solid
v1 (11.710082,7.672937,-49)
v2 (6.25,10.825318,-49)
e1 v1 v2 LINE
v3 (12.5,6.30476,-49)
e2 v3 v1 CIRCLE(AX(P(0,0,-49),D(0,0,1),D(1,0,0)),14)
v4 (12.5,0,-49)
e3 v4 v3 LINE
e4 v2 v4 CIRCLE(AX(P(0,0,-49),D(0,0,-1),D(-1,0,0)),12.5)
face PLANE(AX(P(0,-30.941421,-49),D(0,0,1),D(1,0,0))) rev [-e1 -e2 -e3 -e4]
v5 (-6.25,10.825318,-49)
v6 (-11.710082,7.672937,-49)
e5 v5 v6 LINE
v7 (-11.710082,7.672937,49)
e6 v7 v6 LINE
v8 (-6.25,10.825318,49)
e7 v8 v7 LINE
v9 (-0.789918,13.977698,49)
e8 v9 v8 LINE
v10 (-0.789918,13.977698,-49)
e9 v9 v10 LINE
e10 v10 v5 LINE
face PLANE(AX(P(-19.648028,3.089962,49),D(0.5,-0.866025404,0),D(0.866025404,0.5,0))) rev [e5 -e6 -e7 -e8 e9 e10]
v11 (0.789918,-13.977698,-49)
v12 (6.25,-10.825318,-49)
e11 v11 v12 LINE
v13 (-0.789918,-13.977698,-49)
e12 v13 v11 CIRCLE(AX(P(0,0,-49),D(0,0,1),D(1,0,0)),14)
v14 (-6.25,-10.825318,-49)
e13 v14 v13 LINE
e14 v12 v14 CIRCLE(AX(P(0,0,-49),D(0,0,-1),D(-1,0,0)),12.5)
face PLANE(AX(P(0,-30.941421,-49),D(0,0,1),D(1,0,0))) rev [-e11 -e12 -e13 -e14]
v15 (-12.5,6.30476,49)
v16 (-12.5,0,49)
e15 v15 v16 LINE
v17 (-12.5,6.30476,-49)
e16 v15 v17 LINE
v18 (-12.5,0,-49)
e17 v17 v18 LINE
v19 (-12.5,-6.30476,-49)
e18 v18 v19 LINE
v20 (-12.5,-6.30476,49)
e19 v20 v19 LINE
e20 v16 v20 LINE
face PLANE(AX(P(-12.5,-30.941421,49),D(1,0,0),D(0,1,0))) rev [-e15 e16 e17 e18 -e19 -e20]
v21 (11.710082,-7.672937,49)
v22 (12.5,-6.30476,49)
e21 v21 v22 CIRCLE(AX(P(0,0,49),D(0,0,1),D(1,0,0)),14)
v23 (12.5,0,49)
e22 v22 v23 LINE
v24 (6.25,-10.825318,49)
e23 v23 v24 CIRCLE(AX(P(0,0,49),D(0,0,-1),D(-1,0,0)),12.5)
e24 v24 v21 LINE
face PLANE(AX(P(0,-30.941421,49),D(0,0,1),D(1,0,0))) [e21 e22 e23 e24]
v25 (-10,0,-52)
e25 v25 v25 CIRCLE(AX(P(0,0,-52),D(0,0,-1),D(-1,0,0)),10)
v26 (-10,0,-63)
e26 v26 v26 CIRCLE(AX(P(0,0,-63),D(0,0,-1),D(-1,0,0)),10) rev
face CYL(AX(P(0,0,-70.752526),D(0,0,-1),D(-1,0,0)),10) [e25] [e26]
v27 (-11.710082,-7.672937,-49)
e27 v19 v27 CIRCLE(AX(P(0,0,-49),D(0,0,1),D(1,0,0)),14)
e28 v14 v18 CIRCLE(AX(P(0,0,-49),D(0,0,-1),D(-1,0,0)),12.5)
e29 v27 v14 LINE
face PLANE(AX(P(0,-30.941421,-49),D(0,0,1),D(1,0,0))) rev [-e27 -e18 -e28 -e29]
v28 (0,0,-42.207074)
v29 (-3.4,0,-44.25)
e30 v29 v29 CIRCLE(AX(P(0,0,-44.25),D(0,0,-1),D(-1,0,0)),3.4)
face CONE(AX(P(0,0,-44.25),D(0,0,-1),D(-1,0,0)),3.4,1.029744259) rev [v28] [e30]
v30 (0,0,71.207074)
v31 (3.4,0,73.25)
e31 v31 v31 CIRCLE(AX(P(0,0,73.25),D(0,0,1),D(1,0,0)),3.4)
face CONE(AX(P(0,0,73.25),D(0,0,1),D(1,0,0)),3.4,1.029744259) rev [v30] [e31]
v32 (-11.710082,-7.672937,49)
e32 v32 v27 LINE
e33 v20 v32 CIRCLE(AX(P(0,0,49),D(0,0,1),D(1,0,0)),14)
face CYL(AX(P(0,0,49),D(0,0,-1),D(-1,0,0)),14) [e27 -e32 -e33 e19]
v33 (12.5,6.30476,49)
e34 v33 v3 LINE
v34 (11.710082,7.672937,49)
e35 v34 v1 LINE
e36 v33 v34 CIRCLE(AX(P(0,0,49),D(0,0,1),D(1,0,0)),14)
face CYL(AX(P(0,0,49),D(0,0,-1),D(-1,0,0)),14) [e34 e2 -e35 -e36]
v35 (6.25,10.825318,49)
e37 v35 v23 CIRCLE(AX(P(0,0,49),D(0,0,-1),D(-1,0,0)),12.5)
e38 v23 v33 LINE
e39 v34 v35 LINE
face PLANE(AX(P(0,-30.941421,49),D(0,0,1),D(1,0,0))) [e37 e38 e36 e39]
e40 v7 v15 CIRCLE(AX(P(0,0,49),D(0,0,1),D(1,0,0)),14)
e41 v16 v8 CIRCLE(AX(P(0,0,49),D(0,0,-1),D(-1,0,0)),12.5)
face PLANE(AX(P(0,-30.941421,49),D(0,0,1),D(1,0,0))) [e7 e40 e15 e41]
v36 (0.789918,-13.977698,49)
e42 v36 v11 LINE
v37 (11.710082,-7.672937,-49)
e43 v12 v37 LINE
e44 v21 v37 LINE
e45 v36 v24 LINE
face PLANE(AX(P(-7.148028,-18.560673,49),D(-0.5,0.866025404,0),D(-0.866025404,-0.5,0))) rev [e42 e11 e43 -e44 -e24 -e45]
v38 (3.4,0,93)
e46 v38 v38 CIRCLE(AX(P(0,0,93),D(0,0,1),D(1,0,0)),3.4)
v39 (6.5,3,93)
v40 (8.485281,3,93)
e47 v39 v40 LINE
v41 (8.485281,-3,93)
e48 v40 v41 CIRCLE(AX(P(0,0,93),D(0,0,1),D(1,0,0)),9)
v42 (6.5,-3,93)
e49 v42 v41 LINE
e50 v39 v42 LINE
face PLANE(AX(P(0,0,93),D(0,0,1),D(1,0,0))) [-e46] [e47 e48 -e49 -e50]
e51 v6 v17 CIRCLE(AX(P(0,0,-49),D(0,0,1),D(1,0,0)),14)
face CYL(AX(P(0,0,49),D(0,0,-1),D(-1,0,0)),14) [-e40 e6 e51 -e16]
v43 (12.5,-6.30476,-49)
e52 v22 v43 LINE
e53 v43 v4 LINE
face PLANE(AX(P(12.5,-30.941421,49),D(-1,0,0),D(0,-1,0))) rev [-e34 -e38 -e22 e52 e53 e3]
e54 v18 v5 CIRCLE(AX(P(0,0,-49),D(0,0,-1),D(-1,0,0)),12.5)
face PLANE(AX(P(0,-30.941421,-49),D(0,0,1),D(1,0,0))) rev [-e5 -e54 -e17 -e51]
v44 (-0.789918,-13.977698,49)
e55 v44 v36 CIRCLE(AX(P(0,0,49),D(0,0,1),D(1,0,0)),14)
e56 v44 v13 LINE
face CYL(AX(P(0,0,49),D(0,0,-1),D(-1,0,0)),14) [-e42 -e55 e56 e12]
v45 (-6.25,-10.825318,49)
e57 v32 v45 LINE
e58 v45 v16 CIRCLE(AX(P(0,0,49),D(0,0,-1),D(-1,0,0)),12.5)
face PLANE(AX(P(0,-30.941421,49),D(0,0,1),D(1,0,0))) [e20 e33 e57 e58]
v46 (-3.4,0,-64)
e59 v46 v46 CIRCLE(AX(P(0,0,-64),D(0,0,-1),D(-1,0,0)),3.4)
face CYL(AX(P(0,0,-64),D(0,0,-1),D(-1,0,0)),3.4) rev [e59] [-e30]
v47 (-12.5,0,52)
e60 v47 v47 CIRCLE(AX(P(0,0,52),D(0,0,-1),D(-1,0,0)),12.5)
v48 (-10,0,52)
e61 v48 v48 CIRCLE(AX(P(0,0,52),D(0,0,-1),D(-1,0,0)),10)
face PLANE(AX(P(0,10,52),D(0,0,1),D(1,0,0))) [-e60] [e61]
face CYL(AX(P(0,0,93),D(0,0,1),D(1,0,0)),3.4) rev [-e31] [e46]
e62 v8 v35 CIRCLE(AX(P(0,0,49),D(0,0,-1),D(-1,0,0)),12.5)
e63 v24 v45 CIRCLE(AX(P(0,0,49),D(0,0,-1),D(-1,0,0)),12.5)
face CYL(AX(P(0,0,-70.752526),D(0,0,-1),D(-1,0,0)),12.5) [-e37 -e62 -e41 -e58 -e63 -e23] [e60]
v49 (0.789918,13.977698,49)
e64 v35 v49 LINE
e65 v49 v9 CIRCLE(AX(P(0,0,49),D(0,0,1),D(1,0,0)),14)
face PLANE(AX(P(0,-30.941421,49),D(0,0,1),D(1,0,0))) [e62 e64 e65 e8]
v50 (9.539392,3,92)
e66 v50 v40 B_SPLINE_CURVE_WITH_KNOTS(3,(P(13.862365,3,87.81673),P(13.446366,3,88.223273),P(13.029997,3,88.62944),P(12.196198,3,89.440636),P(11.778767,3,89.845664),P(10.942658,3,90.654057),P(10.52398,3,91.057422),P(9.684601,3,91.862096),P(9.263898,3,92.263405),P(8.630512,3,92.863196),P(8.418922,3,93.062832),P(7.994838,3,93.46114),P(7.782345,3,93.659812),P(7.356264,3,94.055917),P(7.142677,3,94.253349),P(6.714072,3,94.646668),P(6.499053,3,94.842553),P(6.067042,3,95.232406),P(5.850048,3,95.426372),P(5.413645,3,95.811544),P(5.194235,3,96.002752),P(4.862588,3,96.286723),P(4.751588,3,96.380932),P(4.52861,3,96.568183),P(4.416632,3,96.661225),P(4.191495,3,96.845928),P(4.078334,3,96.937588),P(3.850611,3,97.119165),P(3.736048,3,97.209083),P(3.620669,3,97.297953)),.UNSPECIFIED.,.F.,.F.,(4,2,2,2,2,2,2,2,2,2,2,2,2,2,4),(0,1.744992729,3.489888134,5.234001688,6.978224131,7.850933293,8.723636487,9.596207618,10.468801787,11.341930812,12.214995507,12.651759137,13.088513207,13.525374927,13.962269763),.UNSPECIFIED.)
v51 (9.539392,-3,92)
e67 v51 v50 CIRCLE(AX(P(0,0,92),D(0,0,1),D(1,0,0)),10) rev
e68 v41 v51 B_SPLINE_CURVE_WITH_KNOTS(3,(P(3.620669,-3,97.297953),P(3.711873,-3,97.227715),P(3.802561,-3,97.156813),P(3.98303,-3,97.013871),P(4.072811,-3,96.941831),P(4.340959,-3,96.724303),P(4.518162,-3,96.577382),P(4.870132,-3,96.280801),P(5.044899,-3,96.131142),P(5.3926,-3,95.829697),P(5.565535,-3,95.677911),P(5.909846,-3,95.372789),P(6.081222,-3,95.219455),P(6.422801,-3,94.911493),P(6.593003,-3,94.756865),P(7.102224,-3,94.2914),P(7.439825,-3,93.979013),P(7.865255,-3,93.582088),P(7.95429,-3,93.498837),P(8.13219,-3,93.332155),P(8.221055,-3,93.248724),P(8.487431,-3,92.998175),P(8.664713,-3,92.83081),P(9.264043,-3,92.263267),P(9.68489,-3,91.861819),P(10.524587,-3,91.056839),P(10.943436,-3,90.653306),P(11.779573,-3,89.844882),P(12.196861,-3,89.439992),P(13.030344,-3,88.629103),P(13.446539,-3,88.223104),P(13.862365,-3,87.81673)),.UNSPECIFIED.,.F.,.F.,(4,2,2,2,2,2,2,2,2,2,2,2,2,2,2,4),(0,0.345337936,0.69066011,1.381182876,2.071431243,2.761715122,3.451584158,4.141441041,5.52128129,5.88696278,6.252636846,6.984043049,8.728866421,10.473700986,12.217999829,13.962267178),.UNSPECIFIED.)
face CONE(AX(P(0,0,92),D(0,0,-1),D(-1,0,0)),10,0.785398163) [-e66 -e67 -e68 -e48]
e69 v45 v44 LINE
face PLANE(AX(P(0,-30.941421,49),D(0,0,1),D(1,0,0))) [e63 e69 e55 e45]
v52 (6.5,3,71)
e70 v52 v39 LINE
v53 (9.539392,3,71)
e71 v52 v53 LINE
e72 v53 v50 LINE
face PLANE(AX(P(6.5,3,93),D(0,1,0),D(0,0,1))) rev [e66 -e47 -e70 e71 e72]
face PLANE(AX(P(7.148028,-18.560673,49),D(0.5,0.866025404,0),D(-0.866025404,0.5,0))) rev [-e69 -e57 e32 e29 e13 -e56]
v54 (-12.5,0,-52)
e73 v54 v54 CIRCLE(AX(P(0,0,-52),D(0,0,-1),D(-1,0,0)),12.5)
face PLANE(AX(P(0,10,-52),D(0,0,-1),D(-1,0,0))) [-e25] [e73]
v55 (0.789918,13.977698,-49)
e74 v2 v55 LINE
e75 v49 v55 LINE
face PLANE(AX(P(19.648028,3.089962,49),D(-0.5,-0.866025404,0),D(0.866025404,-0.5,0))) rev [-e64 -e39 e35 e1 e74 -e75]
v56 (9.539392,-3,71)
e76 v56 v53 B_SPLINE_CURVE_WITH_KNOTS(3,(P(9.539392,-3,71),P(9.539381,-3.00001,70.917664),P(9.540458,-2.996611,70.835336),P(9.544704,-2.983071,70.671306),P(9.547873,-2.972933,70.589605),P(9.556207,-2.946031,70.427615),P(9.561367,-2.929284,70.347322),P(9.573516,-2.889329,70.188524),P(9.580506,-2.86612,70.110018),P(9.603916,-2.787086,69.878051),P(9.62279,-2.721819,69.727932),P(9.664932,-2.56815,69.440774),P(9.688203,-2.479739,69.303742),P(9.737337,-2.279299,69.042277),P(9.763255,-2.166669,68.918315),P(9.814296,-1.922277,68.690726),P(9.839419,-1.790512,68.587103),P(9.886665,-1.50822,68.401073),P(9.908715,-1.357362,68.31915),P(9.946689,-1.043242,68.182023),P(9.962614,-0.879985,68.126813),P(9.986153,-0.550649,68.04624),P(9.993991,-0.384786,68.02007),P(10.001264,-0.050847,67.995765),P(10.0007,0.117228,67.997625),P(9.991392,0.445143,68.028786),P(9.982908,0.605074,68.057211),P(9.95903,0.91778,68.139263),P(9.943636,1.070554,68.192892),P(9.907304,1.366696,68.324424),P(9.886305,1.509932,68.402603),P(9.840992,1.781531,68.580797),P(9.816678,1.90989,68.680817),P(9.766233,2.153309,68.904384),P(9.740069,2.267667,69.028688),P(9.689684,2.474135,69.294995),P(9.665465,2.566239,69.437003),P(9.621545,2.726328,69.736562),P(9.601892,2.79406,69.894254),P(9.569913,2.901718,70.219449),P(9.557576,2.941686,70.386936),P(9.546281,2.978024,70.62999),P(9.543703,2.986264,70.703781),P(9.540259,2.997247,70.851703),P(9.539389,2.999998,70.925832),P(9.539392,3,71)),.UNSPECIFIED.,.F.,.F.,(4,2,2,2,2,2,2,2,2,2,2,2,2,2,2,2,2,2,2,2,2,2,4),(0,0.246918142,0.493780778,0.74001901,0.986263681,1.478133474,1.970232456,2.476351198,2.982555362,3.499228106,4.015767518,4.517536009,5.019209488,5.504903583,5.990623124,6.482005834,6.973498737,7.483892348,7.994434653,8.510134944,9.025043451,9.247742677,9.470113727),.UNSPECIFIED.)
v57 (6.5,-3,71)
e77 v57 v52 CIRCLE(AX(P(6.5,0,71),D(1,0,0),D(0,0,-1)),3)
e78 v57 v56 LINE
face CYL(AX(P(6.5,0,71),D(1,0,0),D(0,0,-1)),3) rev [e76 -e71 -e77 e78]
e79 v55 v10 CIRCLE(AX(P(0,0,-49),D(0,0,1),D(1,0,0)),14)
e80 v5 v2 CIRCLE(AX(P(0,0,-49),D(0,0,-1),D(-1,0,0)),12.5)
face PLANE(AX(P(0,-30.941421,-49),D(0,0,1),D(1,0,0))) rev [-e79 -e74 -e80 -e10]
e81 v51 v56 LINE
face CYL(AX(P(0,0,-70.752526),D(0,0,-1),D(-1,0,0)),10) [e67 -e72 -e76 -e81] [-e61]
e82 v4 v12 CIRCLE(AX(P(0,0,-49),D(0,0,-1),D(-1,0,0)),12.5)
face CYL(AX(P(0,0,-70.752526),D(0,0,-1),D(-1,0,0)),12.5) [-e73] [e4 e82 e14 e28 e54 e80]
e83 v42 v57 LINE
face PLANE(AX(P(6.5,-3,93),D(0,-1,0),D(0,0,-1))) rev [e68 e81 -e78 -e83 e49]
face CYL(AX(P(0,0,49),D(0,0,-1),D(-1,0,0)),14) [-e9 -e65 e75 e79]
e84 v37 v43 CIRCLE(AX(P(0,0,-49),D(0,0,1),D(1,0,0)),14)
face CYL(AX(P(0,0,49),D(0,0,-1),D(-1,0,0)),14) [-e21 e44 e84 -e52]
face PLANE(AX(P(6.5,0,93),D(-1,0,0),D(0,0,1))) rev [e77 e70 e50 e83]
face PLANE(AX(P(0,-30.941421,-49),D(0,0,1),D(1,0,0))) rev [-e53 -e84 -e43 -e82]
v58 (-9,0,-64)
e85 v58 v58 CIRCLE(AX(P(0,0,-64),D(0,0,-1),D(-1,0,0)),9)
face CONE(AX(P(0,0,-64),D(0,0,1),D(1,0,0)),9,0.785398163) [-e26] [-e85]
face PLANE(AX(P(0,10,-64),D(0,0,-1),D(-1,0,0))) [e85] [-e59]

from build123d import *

# Parameters (mm, degrees)
BOSS_EXTRUDE1_DEPTH             = 49
CHAMFER1_SIZE                   = 1
M8_TAPPED_HOLE1_D               = 6.8
M8_TAPPED_HOLE1_DEPTH           = 19.75
M8_TAPPED_HOLE1_TIP             = 2.042926105
M8_TAPPED_HOLE1_ON_FACE_2_D     = 6.8
M8_TAPPED_HOLE1_ON_FACE_2_DEPTH = 19.75
M8_TAPPED_HOLE1_ON_FACE_2_TIP   = 2.042926105
CUT_EXTRUDE1_START              = 10
CUT_EXTRUDE1_DEPTH              = 3.5


with BuildPart() as part:
    # Sketch1 → Boss-Extrude1 (new, symmetric)
    with BuildSketch(Plane.XY):
        with BuildLine():
            ThreePointArc((0.789917583, 13.977697601), (0, 14), (-0.789917583, 13.977697601))
            Line((-0.789917583, 13.977697601), (-11.710082417, 7.672937494))
            ThreePointArc((-11.710082417, 7.672937494), (-12.124355653, 7), (-12.5, 6.304760106))
            Line((-12.5, 6.304760106), (-12.5, -6.304760106))
            ThreePointArc((-12.5, -6.304760106), (-12.124355653, -7), (-11.710082417, -7.672937494))
            Line((-11.710082417, -7.672937494), (-0.789917583, -13.977697601))
            ThreePointArc((-0.789917583, -13.977697601), (0, -14), (0.789917583, -13.977697601))
            Line((0.789917583, -13.977697601), (11.710082417, -7.672937494))
            ThreePointArc((11.710082417, -7.672937494), (12.124355653, -7), (12.5, -6.304760106))
            Line((12.5, -6.304760106), (12.5, 6.304760106))
            ThreePointArc((12.5, 6.304760106), (12.124355653, 7), (11.710082417, 7.672937494))
            Line((11.710082417, 7.672937494), (0.789917583, 13.977697601))
        make_face()
    extrude(amount=BOSS_EXTRUDE1_DEPTH, both=True)

    # Sketch2 → Revolve1 (revolve)
    with BuildSketch(Plane(origin=(0, 0, 0), x_dir=(0, 0, -1), z_dir=(1, 0, 0)), mode=Mode.PRIVATE) as revolve1_sk:
        Polygon((-93, 0), (-93, 10), (-52, 10), (-52, 12.5), (-49, 12.5), (-49, 0), align=None)
        Polygon((52, 10), (64, 10), (64, 0), (49, 0), (49, 12.5), (52, 12.5), align=None)
    revolve(revolve1_sk.sketch.rotate(Axis((0, 0, -70.752525622), (0, 0, 1)), 90), axis=Axis((0, 0, -70.752525622), (0, 0, 1)))

    # Chamfer1
    chamfer1_edges = [part.edges().sort_by_distance(p)[0] for p in [
        (10, 0, 93),
        (10, 0, -64),
    ]]
    chamfer(chamfer1_edges, length=CHAMFER1_SIZE)

    # M8 Tapped Hole1
    with Locations(Plane.XY.offset(93)):
        with Locations((0, 0)):
            Hole(M8_TAPPED_HOLE1_D / 2, depth=M8_TAPPED_HOLE1_DEPTH)
            with Locations((0, 0, -(M8_TAPPED_HOLE1_DEPTH + M8_TAPPED_HOLE1_TIP / 2))):  # 118° drill point
                Cone(0, M8_TAPPED_HOLE1_D / 2, M8_TAPPED_HOLE1_TIP, mode=Mode.SUBTRACT)

    # M8 Tapped Hole1 on face 2
    with Locations(Plane(origin=(0, 0, -64), x_dir=(-1, 0, 0), z_dir=(0, 0, -1))):
        with Locations((0, 0)):
            Hole(M8_TAPPED_HOLE1_ON_FACE_2_D / 2, depth=M8_TAPPED_HOLE1_ON_FACE_2_DEPTH)
            with Locations((0, 0, -(M8_TAPPED_HOLE1_ON_FACE_2_DEPTH + M8_TAPPED_HOLE1_ON_FACE_2_TIP / 2))):  # 118° drill point
                Cone(0, M8_TAPPED_HOLE1_ON_FACE_2_D / 2, M8_TAPPED_HOLE1_ON_FACE_2_TIP, mode=Mode.SUBTRACT)

    # Sketch4 → Cut-Extrude1 (cut)
    with BuildSketch(Plane(origin=(0, 0, 0), x_dir=(0, 0, -1), z_dir=(1, 0, 0)).offset(CUT_EXTRUDE1_START)):
        with BuildLine():
            Line((-93, -3), (-71, -3))
            ThreePointArc((-71, -3), (-68, 0), (-71, 3))
            Line((-71, 3), (-93, 3))
            ThreePointArc((-93, 3), (-96, 0), (-93, -3))
        make_face()
    extrude(amount=-CUT_EXTRUDE1_DEPTH, mode=Mode.SUBTRACT)


solid = part.part
